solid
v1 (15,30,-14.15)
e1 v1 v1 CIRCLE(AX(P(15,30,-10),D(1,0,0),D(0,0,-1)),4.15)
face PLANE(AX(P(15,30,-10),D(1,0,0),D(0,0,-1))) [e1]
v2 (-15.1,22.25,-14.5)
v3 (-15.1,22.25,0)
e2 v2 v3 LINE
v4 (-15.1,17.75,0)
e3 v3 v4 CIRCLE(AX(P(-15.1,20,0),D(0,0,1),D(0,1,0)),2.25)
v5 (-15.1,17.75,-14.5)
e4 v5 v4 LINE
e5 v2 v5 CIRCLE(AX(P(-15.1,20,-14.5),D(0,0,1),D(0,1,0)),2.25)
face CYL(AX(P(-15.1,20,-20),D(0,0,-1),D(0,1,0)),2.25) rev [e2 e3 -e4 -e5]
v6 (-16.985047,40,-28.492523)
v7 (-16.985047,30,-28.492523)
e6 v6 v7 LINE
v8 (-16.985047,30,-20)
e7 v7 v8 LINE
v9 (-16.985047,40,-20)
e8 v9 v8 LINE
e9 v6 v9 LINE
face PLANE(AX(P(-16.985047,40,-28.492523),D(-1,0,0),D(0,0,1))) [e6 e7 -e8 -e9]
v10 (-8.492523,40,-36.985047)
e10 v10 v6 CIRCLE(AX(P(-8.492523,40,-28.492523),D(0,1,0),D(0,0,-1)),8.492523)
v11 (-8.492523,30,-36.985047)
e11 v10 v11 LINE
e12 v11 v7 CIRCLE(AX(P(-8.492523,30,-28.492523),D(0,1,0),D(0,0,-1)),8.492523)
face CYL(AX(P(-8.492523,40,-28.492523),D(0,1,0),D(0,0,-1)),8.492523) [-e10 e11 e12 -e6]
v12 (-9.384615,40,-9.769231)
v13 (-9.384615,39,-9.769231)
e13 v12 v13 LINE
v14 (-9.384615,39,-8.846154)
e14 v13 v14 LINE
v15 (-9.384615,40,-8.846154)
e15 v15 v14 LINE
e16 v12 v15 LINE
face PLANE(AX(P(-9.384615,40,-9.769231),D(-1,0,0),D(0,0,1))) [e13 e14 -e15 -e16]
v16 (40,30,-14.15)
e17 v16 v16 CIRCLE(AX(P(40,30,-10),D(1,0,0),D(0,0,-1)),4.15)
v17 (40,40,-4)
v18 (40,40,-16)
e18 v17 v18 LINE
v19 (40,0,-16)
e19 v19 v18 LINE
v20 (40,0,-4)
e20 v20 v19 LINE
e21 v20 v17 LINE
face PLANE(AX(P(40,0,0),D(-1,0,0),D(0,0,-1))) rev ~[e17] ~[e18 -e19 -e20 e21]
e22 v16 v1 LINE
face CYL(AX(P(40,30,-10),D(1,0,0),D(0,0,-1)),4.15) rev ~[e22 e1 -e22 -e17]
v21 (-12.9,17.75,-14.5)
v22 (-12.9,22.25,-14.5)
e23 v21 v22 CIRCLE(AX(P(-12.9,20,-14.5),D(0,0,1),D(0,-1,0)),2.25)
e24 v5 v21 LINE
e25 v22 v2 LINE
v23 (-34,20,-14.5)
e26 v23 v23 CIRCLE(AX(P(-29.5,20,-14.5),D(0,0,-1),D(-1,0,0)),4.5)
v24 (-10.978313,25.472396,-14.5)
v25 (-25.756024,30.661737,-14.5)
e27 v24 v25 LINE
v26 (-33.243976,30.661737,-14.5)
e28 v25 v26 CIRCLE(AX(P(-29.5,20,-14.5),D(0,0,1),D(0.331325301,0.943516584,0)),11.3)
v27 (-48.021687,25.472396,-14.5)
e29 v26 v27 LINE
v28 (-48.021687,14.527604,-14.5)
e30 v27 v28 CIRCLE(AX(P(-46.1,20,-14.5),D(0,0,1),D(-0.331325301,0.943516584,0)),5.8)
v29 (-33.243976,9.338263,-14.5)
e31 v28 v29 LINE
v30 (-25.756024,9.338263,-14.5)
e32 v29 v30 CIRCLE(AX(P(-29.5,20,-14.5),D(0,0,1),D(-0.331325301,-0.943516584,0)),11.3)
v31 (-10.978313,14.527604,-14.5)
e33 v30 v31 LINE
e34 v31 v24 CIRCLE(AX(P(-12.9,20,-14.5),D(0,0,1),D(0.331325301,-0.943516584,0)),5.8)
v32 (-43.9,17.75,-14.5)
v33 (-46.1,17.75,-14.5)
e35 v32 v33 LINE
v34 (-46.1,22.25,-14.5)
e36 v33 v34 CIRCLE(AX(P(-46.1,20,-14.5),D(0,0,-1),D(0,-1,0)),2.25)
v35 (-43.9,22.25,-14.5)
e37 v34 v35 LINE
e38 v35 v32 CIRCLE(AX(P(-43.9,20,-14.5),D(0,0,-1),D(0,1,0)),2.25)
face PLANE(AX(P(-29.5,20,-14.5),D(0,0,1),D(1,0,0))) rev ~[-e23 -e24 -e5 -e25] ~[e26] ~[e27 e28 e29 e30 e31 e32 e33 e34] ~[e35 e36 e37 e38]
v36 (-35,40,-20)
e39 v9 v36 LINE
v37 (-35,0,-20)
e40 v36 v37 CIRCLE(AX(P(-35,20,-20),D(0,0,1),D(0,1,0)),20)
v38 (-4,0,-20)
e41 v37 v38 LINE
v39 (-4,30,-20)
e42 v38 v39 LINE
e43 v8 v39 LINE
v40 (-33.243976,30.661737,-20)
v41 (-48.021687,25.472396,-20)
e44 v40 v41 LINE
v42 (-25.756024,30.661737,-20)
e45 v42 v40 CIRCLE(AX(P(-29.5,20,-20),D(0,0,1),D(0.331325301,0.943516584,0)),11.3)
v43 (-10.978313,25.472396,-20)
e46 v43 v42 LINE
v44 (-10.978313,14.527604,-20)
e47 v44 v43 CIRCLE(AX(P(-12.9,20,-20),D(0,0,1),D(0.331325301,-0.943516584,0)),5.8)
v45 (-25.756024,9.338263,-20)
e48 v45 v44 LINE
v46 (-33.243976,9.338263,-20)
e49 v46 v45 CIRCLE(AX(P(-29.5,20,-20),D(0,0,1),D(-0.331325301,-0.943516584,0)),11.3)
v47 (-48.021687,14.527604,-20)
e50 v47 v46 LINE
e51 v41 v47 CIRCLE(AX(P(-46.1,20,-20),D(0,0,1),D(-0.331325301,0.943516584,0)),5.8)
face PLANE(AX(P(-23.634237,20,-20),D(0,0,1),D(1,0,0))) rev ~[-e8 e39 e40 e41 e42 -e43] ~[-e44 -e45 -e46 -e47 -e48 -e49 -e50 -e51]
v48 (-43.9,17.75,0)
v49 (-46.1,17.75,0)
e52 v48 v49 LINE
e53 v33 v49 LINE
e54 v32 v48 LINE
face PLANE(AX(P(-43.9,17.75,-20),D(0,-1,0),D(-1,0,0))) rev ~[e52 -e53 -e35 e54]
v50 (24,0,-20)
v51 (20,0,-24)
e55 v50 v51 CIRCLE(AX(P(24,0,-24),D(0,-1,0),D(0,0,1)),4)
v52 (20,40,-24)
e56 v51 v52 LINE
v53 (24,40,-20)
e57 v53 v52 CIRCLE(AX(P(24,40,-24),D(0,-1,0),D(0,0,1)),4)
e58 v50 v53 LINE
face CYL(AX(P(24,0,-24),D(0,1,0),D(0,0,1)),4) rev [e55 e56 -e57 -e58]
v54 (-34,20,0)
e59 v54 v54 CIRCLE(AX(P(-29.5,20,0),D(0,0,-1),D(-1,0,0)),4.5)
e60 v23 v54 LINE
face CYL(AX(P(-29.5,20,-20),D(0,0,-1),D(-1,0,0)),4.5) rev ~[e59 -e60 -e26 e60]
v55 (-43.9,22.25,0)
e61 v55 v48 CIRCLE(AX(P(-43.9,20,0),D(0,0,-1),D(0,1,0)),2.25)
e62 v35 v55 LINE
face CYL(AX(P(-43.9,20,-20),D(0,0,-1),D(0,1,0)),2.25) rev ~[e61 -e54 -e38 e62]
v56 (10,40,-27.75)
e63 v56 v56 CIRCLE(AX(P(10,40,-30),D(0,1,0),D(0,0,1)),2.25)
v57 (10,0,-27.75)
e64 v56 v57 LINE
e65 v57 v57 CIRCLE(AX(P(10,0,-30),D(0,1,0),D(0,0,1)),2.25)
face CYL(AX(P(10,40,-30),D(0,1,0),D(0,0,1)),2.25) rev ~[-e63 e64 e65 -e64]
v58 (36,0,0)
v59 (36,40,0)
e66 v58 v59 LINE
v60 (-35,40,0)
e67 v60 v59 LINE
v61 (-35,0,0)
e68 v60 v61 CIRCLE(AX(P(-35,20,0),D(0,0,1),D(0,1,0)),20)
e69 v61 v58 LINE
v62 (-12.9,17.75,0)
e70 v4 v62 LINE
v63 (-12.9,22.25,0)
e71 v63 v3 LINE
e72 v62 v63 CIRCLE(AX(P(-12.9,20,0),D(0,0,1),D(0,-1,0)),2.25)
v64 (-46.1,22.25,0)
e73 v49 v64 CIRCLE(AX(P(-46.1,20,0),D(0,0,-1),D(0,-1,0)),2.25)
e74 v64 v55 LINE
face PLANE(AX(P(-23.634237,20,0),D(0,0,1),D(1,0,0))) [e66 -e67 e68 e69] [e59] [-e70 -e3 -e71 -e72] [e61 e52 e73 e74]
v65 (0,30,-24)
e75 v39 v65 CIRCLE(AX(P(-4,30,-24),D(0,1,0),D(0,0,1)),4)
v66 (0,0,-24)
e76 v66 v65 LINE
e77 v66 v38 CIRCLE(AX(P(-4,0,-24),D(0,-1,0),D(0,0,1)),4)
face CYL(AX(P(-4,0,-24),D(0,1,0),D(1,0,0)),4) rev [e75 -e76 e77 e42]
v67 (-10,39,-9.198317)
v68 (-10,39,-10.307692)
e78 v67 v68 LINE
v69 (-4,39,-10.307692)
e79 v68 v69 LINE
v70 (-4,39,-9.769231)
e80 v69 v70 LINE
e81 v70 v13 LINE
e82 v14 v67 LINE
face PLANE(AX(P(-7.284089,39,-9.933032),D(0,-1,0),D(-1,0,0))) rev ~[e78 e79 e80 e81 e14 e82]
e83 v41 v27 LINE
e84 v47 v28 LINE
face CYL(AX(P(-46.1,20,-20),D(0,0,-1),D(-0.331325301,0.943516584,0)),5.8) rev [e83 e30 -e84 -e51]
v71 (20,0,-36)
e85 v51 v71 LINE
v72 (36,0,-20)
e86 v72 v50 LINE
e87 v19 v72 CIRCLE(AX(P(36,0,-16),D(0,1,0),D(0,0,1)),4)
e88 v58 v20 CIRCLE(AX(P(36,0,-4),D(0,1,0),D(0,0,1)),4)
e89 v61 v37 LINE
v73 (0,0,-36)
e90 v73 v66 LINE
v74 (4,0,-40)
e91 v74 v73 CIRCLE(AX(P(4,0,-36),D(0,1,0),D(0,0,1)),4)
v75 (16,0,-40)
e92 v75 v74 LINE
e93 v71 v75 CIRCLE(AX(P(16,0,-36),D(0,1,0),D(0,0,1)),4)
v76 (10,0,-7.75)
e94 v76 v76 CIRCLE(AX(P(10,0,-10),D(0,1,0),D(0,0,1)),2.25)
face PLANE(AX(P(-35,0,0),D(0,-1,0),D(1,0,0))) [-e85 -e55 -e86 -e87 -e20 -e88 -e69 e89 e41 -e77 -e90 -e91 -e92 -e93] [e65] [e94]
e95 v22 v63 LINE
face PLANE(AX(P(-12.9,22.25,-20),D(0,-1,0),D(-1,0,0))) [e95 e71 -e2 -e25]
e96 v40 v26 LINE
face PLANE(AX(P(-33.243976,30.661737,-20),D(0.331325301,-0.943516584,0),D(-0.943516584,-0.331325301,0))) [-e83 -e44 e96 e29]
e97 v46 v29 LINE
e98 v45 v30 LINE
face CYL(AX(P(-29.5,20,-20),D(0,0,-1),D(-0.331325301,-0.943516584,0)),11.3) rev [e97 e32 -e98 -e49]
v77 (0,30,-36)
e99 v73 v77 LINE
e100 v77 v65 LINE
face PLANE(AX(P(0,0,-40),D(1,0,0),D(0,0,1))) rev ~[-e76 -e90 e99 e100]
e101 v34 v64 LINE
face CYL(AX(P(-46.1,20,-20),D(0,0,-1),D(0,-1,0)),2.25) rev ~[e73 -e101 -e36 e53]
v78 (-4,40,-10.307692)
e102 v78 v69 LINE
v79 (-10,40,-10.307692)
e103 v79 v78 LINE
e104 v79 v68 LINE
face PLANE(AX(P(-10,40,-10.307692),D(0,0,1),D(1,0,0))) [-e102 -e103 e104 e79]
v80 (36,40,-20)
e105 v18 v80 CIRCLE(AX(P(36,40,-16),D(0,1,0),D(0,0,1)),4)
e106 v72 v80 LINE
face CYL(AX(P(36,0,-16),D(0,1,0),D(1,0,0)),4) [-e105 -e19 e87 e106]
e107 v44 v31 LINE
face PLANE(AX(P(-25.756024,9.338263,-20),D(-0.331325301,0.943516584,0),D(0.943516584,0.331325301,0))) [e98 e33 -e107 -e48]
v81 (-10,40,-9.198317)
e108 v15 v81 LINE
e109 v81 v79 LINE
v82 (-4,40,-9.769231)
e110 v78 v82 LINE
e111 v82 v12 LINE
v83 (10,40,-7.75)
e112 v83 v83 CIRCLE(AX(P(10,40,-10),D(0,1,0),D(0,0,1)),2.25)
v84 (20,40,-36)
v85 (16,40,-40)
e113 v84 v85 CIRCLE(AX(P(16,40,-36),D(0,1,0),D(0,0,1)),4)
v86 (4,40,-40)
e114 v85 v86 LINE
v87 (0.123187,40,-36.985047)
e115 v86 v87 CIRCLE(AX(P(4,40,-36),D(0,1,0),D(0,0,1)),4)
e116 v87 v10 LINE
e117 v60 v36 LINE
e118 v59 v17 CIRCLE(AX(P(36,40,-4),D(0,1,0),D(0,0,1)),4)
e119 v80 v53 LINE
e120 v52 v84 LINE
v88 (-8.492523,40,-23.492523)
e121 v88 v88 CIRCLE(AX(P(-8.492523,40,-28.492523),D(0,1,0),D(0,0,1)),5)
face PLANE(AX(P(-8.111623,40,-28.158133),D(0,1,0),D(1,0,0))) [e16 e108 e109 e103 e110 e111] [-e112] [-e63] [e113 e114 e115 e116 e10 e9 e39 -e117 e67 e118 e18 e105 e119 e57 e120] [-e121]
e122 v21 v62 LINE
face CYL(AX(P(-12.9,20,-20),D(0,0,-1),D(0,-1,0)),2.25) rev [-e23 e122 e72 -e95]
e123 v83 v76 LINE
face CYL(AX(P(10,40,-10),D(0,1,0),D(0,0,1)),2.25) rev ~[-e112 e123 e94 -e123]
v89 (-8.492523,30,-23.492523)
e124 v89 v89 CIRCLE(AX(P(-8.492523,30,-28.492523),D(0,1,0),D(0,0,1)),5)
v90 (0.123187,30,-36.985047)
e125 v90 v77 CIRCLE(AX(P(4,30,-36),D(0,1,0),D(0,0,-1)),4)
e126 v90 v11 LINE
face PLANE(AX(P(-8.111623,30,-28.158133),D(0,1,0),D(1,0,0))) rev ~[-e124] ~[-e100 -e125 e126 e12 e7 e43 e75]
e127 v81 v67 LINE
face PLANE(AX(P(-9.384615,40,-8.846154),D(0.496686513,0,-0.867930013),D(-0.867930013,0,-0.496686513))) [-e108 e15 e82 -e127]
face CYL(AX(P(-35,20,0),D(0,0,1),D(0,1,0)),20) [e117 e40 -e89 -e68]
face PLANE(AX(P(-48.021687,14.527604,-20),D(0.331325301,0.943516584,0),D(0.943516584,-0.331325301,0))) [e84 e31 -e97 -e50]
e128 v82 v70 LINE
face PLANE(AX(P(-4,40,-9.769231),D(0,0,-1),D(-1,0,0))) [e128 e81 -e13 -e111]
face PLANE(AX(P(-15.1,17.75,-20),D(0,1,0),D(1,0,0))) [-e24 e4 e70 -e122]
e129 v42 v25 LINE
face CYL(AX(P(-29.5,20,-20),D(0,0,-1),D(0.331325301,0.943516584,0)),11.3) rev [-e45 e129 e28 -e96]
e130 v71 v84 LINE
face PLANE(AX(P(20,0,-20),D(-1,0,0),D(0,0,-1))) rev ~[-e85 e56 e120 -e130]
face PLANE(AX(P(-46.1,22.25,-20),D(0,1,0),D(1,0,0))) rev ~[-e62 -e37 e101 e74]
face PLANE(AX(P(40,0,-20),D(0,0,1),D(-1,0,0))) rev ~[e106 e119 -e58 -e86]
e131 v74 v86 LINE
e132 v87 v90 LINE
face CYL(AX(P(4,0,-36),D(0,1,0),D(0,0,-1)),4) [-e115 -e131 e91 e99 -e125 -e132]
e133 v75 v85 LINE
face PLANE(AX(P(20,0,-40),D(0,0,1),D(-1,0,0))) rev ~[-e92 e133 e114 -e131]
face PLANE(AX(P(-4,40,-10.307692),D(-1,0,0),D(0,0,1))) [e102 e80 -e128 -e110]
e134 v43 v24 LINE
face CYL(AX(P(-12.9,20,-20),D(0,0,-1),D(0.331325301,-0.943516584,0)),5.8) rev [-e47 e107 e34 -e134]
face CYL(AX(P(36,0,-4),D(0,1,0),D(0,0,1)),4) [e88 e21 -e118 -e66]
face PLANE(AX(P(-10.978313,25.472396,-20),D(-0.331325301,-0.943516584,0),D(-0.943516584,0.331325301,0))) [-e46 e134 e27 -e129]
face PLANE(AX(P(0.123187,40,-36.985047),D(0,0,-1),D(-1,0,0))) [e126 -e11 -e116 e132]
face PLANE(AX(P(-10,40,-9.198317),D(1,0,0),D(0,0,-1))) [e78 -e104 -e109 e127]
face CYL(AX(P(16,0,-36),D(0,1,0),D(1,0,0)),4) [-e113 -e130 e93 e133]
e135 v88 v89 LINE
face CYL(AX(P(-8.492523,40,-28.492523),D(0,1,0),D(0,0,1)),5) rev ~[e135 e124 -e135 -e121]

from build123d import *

# Parameters (mm, degrees)
SALIENTE_EXTRUIR1_DEPTH = 40
CROQUIS4_R              = 2.25
CORTAR_EXTRUIR3_DEPTH   = 70.282032303
SALIENTE_EXTRUIR2_DEPTH = 20
CROQUIS8_R              = 4.15
CORTAR_EXTRUIR4_DEPTH   = 25
CROQUIS9_R              = 4.5
CORTAR_EXTRUIR6_DEPTH   = 20
CROQUIS9_4_R            = 4.5
CORTAR_EXTRUIR7_DEPTH   = 5.5
REDONDEO3_R             = 4
CORTAR_EXTRUIR8_DEPTH   = 1
CROQUIS11_R             = 5
SALIENTE_EXTRUIR3_DEPTH = 10


with BuildPart() as part:
    # Croquis1 → Saliente-Extruir1 (new body)
    with BuildSketch(Plane(origin=(0, 0, 0), x_dir=(1, 0, 0), z_dir=(0, 1, 0))):
        Polygon((0, 0), (40, 0), (40, 20), (20, 20), (20, 40), (0, 40), align=None)
    extrude(amount=SALIENTE_EXTRUIR1_DEPTH)

    # Croquis4 → Cortar-Extruir3 (cut, through all)
    with BuildSketch(Plane(origin=(0, 40, 0), x_dir=(1, 0, 0), z_dir=(0, 1, 0))):
        with Locations((10, 30)):
            Circle(CROQUIS4_R)
        with Locations((10, 10)):
            Circle(CROQUIS4_R)
    extrude(amount=-CORTAR_EXTRUIR3_DEPTH, mode=Mode.SUBTRACT)

    # Croquis5 → Saliente-Extruir2 (add)
    with BuildSketch(Plane.XY):
        with BuildLine():
            Line((0, 0), (0, 40))
            Line((0, 40), (-35, 40))
            ThreePointArc((-35, 40), (-55, 20), (-35, 0))
            Line((-35, 0), (0, 0))
        make_face()
    extrude(amount=-SALIENTE_EXTRUIR2_DEPTH)

    # Croquis8 → Cortar-Extruir4 (cut)
    with BuildSketch(Plane(origin=(40, 0, 0), x_dir=(0, 0, -1), z_dir=(1, 0, 0))):
        with Locations((10, 30)):
            Circle(CROQUIS8_R)
    extrude(amount=-CORTAR_EXTRUIR4_DEPTH, mode=Mode.SUBTRACT)

    # Croquis9 → Cortar-Extruir6 (cut)
    with BuildSketch(Plane(origin=(0, 0, -20), x_dir=(-1, 0, 0), z_dir=(0, 0, -1))):
        with Locations((29.5, 20)):
            Circle(CROQUIS9_R)
        with BuildLine():
            Line((12.9, 22.25), (15.1, 22.25))
            ThreePointArc((15.1, 22.25), (17.35, 20), (15.1, 17.75))
            Line((15.1, 17.75), (12.9, 17.75))
            ThreePointArc((12.9, 17.75), (10.65, 20), (12.9, 22.25))
        make_face()
        with BuildLine():
            Line((43.9, 17.75), (46.1, 17.75))
            ThreePointArc((46.1, 17.75), (48.35, 20), (46.1, 22.25))
            Line((46.1, 22.25), (43.9, 22.25))
            ThreePointArc((43.9, 22.25), (41.65, 20), (43.9, 17.75))
        make_face()
    extrude(amount=-CORTAR_EXTRUIR6_DEPTH, mode=Mode.SUBTRACT)

    # Croquis9<4> → Cortar-Extruir7 (cut)
    with BuildSketch(Plane(origin=(0, 0, -20), x_dir=(-1, 0, 0), z_dir=(0, 0, -1))):
        with BuildLine():
            Line((10.978313253, 25.472396189), (25.756024096, 30.661737402))
            ThreePointArc((25.756024096, 30.661737402), (29.5, 31.3), (33.243975904, 30.661737402))
            Line((33.243975904, 30.661737402), (48.021686747, 25.472396189))
            ThreePointArc((48.021686747, 25.472396189), (51.9, 20), (48.021686747, 14.527603811))
            Line((48.021686747, 14.527603811), (33.243975904, 9.338262598))
            ThreePointArc((33.243975904, 9.338262598), (29.5, 8.7), (25.756024096, 9.338262598))
            Line((25.756024096, 9.338262598), (10.978313253, 14.527603811))
            ThreePointArc((10.978313253, 14.527603811), (7.1, 20), (10.978313253, 25.472396189))
        make_face()
        with Locations((29.5, 20)):
            Circle(CROQUIS9_4_R, mode=Mode.SUBTRACT)
        with BuildLine():
            Line((12.9, 22.25), (15.1, 22.25))
            ThreePointArc((15.1, 22.25), (17.35, 20), (15.1, 17.75))
            Line((15.1, 17.75), (12.9, 17.75))
            ThreePointArc((12.9, 17.75), (10.65, 20), (12.9, 22.25))
        make_face(mode=Mode.SUBTRACT)
        with BuildLine():
            Line((43.9, 17.75), (46.1, 17.75))
            ThreePointArc((46.1, 17.75), (48.35, 20), (46.1, 22.25))
            Line((46.1, 22.25), (43.9, 22.25))
            ThreePointArc((43.9, 22.25), (41.65, 20), (43.9, 17.75))
        make_face(mode=Mode.SUBTRACT)
    extrude(amount=-CORTAR_EXTRUIR7_DEPTH, mode=Mode.SUBTRACT)

    # Redondeo3
    redondeo3_edges = [part.edges().sort_by_distance(p)[0] for p in [
        (40, 20, 0),
        (40, 20, -20),
        (20, 20, -20),
        (20, 20, -40),
        (0, 20, -40),
        (0, 20, -20),
    ]]
    fillet(redondeo3_edges, radius=REDONDEO3_R)

    # Croquis10 → Cortar-Extruir8 (cut)
    with BuildSketch(Plane(origin=(0, 40, 0), x_dir=(1, 0, 0), z_dir=(0, 1, 0))):
        Polygon((-10, 9.198317308), (-10, 10.307692308), (-4, 10.307692308), (-4, 9.769230769), (-9.384615385, 9.769230769), (-9.384615385, 8.846153846), align=None)
    extrude(amount=-CORTAR_EXTRUIR8_DEPTH, mode=Mode.SUBTRACT)

    # Croquis11 → Saliente-Extruir3 (add)
    with BuildSketch(Plane(origin=(0, 40, 0), x_dir=(1, 0, 0), z_dir=(0, 1, 0))):
        with BuildLine():
            Line((-16.985046875, 28.492523438), (-16.985046875, 20))
            Line((-16.985046875, 20), (-4, 20))
            ThreePointArc((-4, 20), (-1.171572875, 21.171572875), (0, 24))
            Line((0, 24), (0.123186534, 36.985046875))
            Line((0.123186534, 36.985046875), (-8.492523438, 36.985046875))
            ThreePointArc((-8.492523438, 36.985046875), (-14.49764435, 34.49764435), (-16.985046875, 28.492523438))
        make_face()
        with Locations((-8.492523438, 28.492523438)):
            Circle(CROQUIS11_R, mode=Mode.SUBTRACT)
    extrude(amount=-SALIENTE_EXTRUIR3_DEPTH)


solid = part.part
